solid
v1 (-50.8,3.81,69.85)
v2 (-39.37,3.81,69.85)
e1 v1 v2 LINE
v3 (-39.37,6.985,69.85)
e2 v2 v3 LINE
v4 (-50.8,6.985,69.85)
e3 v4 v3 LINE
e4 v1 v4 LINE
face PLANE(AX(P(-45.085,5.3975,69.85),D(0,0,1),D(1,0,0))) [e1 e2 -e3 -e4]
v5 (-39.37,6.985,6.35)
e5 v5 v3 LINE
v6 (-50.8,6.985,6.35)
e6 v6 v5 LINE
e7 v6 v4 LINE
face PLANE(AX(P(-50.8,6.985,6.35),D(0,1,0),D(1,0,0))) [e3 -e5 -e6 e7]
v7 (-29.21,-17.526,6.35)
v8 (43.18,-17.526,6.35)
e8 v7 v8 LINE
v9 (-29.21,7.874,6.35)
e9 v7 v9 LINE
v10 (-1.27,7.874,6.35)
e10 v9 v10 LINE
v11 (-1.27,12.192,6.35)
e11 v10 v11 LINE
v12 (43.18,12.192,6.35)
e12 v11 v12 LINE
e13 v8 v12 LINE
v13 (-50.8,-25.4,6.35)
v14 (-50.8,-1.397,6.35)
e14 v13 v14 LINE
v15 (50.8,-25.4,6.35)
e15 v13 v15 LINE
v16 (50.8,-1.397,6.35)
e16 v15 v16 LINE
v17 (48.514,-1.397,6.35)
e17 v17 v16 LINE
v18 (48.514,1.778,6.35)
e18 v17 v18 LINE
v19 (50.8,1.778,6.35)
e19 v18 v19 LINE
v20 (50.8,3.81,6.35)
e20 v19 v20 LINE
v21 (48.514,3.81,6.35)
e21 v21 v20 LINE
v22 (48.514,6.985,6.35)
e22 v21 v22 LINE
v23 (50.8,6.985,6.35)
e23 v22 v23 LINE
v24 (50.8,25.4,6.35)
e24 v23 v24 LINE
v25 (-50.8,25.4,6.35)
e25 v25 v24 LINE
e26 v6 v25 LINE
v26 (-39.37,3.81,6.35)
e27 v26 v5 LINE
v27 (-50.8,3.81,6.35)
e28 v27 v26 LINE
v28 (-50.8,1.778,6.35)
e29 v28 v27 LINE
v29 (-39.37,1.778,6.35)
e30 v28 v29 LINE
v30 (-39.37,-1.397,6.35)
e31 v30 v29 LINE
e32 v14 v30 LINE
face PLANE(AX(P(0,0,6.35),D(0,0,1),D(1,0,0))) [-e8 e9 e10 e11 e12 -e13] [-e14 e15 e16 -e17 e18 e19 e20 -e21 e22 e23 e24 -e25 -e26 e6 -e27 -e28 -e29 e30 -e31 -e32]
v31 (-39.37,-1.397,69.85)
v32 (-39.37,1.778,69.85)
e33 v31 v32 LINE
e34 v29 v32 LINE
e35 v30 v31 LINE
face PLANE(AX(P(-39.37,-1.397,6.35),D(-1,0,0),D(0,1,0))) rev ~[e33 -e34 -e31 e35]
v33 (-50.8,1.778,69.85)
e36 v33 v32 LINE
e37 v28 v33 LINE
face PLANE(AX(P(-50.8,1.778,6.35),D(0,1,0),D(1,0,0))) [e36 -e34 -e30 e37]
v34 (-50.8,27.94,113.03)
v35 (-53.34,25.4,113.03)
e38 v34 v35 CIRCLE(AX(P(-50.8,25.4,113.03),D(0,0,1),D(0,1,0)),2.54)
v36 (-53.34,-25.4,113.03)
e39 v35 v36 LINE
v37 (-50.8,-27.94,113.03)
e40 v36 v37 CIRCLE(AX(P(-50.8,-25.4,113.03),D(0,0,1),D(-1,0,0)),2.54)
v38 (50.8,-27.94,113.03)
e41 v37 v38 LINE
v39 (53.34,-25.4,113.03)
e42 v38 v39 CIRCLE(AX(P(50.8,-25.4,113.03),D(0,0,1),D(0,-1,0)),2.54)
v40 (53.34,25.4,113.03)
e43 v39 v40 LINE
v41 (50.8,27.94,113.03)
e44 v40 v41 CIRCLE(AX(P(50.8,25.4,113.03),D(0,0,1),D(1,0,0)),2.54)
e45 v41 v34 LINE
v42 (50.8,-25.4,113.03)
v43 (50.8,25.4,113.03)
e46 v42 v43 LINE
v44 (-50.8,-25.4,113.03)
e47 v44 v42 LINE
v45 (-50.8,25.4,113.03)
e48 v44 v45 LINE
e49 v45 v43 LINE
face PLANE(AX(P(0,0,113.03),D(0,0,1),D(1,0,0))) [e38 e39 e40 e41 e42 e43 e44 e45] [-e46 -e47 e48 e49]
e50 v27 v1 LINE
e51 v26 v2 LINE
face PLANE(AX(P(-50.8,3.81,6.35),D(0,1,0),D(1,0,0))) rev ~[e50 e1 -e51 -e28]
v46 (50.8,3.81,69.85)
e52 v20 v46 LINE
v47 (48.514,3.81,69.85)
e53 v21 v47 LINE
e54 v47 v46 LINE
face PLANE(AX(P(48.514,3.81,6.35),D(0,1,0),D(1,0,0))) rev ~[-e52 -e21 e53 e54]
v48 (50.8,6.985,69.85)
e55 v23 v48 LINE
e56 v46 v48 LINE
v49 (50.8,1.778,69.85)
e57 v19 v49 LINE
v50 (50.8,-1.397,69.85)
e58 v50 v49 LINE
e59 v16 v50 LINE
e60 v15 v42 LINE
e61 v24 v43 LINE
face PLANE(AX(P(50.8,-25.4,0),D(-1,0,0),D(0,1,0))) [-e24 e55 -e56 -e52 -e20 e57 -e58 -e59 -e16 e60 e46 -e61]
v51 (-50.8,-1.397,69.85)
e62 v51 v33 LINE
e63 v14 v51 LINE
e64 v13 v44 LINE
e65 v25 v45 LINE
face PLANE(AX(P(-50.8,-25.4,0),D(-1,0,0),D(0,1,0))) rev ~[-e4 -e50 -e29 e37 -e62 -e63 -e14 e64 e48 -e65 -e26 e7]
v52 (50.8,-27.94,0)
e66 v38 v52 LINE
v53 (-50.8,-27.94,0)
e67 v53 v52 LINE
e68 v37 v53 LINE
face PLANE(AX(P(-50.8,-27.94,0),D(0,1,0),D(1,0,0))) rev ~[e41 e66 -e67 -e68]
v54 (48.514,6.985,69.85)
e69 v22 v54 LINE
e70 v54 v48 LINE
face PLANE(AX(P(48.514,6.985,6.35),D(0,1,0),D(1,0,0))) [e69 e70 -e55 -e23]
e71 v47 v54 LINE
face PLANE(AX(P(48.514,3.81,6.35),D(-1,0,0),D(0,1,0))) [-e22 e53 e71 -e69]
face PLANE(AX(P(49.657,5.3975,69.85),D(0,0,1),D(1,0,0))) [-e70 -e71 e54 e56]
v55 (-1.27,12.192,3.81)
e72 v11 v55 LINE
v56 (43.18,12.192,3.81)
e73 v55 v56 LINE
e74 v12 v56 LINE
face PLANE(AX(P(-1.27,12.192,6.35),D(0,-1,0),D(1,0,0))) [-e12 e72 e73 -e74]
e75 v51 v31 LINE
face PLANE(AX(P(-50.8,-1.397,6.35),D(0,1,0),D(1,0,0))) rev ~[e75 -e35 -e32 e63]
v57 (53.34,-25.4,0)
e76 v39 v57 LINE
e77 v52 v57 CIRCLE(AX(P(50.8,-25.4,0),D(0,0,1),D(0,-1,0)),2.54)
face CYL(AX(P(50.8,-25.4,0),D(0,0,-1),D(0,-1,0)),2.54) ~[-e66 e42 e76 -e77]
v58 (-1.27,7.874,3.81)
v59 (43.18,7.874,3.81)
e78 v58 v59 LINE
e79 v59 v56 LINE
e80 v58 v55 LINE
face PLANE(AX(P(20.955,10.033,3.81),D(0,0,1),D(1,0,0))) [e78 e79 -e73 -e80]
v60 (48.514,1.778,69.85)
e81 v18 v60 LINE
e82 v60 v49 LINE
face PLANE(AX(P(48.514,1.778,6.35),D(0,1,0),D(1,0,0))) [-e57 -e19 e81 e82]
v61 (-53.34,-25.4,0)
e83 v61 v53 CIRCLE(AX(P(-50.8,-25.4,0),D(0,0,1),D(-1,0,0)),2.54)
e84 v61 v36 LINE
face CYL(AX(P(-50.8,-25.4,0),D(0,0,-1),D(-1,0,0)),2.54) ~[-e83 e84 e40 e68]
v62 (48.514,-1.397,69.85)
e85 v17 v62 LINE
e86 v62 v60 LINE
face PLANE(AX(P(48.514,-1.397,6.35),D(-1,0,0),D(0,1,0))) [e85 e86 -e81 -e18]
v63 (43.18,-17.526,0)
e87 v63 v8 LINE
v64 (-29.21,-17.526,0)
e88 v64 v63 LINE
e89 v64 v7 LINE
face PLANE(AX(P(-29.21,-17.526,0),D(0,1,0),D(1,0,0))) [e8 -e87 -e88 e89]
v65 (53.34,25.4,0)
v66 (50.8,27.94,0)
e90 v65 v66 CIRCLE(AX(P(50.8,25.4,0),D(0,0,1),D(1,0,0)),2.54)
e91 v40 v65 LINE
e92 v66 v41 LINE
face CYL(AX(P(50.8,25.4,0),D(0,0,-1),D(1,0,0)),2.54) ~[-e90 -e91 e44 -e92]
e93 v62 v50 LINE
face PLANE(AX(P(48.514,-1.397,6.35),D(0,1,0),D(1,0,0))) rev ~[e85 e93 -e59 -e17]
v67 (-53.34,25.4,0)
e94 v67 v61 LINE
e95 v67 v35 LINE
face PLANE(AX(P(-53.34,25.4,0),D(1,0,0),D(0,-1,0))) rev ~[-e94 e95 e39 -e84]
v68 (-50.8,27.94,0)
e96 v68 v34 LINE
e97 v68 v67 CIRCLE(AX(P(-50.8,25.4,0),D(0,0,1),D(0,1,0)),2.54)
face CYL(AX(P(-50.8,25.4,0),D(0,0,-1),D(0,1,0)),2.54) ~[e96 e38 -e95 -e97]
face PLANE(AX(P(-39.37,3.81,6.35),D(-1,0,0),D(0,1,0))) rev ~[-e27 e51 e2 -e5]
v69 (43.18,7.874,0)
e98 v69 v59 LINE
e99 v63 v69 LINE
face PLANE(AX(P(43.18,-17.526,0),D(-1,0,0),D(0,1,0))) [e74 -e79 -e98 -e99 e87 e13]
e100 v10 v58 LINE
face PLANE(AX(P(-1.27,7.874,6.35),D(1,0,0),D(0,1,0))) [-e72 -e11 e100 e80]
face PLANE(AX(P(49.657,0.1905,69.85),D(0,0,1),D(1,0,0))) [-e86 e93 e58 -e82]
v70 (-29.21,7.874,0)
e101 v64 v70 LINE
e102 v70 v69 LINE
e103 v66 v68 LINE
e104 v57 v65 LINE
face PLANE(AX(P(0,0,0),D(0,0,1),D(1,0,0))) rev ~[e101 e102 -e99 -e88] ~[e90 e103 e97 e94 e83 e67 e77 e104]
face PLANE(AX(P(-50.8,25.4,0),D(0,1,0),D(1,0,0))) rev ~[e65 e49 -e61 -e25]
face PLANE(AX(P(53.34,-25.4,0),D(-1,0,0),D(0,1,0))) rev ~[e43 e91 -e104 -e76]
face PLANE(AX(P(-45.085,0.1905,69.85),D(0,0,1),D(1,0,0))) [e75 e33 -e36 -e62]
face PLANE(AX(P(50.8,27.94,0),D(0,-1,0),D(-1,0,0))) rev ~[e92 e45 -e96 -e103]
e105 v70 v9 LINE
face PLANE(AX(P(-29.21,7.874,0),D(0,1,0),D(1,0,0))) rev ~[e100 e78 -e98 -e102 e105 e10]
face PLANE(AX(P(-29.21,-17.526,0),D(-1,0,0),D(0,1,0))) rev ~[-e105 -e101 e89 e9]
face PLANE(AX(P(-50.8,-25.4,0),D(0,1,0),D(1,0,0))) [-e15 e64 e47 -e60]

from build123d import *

# Parameters (mm, degrees)
F0_W     = 101.6
F0_H     = 50.8
F1_DEPTH = 113.03
F0_W_2   = 72.39
F0_H_2   = 25.4
F2_DEPTH = 6.35
F3_W     = 44.45
F3_H     = 4.318
F4_DEPTH = 2.54
F5_W     = 11.43
F5_H     = 3.175
F6_DEPTH = 63.5
F7_W     = 2.286
F7_H     = 3.175
F8_DEPTH = 63.5


with BuildPart() as f1:
    # F0 (on Top) → F1 (new body)
    with BuildSketch(Plane.XY):
        with BuildLine():
            ThreePointArc((53.34, 25.4), (52.5960512242, 27.1960512242), (50.8, 27.94))
            Line((50.8, 27.94), (-50.8, 27.94))
            ThreePointArc((-50.8, 27.94), (-52.5960512242, 27.1960512242), (-53.34, 25.4))
            Line((-53.34, 25.4), (-53.34, -25.4))
            ThreePointArc((-53.34, -25.4), (-52.5960512242, -27.1960512242), (-50.8, -27.94))
            Line((-50.8, -27.94), (50.8, -27.94))
            ThreePointArc((50.8, -27.94), (52.5960512242, -27.1960512242), (53.34, -25.4))
            Line((53.34, -25.4), (53.34, 25.4))
        make_face()
        Rectangle(F0_W, F0_H, mode=Mode.SUBTRACT)
    extrude(amount=F1_DEPTH)

    # F0 (on Top) → F2 (join)
    with BuildSketch(Plane.XY):
        with BuildLine():
            ThreePointArc((53.34, 25.4), (52.5960512242, 27.1960512242), (50.8, 27.94))
            Line((50.8, 27.94), (-50.8, 27.94))
            ThreePointArc((-50.8, 27.94), (-52.5960512242, 27.1960512242), (-53.34, 25.4))
            Line((-53.34, 25.4), (-53.34, -25.4))
            ThreePointArc((-53.34, -25.4), (-52.5960512242, -27.1960512242), (-50.8, -27.94))
            Line((-50.8, -27.94), (50.8, -27.94))
            ThreePointArc((50.8, -27.94), (52.5960512242, -27.1960512242), (53.34, -25.4))
            Line((53.34, -25.4), (53.34, 25.4))
        make_face()
        Rectangle(F0_W, F0_H, mode=Mode.SUBTRACT)
        Rectangle(F0_W, F0_H)
        with Locations((6.985, -4.826)):
            Rectangle(F0_W_2, F0_H_2, mode=Mode.SUBTRACT)
    extrude(amount=F2_DEPTH)

    # F3 (on face) → F4 (cut)
    with BuildSketch(Plane.XY.offset(6.35)):
        with Locations((20.955, 10.033)):
            Rectangle(F3_W, F3_H)
    extrude(amount=-F4_DEPTH, mode=Mode.SUBTRACT)

    # F5 (on face) → F6 (join)
    with BuildSketch(Plane.XY.offset(6.35)):
        with Locations((-45.085, 5.3975)):
            Rectangle(F5_W, F5_H)
        with Locations((-45.085, 0.1905)):
            Rectangle(F5_W, F5_H)
    extrude(amount=F6_DEPTH)

    # F7 (on face) → F8 (join)
    with BuildSketch(Plane.XY.offset(6.35)):
        with Locations((49.657, 5.3975)):
            Rectangle(F7_W, F7_H)
        with Locations((49.657, 0.1905)):
            Rectangle(F7_W, F7_H)
    extrude(amount=F8_DEPTH)


solid = f1.part
